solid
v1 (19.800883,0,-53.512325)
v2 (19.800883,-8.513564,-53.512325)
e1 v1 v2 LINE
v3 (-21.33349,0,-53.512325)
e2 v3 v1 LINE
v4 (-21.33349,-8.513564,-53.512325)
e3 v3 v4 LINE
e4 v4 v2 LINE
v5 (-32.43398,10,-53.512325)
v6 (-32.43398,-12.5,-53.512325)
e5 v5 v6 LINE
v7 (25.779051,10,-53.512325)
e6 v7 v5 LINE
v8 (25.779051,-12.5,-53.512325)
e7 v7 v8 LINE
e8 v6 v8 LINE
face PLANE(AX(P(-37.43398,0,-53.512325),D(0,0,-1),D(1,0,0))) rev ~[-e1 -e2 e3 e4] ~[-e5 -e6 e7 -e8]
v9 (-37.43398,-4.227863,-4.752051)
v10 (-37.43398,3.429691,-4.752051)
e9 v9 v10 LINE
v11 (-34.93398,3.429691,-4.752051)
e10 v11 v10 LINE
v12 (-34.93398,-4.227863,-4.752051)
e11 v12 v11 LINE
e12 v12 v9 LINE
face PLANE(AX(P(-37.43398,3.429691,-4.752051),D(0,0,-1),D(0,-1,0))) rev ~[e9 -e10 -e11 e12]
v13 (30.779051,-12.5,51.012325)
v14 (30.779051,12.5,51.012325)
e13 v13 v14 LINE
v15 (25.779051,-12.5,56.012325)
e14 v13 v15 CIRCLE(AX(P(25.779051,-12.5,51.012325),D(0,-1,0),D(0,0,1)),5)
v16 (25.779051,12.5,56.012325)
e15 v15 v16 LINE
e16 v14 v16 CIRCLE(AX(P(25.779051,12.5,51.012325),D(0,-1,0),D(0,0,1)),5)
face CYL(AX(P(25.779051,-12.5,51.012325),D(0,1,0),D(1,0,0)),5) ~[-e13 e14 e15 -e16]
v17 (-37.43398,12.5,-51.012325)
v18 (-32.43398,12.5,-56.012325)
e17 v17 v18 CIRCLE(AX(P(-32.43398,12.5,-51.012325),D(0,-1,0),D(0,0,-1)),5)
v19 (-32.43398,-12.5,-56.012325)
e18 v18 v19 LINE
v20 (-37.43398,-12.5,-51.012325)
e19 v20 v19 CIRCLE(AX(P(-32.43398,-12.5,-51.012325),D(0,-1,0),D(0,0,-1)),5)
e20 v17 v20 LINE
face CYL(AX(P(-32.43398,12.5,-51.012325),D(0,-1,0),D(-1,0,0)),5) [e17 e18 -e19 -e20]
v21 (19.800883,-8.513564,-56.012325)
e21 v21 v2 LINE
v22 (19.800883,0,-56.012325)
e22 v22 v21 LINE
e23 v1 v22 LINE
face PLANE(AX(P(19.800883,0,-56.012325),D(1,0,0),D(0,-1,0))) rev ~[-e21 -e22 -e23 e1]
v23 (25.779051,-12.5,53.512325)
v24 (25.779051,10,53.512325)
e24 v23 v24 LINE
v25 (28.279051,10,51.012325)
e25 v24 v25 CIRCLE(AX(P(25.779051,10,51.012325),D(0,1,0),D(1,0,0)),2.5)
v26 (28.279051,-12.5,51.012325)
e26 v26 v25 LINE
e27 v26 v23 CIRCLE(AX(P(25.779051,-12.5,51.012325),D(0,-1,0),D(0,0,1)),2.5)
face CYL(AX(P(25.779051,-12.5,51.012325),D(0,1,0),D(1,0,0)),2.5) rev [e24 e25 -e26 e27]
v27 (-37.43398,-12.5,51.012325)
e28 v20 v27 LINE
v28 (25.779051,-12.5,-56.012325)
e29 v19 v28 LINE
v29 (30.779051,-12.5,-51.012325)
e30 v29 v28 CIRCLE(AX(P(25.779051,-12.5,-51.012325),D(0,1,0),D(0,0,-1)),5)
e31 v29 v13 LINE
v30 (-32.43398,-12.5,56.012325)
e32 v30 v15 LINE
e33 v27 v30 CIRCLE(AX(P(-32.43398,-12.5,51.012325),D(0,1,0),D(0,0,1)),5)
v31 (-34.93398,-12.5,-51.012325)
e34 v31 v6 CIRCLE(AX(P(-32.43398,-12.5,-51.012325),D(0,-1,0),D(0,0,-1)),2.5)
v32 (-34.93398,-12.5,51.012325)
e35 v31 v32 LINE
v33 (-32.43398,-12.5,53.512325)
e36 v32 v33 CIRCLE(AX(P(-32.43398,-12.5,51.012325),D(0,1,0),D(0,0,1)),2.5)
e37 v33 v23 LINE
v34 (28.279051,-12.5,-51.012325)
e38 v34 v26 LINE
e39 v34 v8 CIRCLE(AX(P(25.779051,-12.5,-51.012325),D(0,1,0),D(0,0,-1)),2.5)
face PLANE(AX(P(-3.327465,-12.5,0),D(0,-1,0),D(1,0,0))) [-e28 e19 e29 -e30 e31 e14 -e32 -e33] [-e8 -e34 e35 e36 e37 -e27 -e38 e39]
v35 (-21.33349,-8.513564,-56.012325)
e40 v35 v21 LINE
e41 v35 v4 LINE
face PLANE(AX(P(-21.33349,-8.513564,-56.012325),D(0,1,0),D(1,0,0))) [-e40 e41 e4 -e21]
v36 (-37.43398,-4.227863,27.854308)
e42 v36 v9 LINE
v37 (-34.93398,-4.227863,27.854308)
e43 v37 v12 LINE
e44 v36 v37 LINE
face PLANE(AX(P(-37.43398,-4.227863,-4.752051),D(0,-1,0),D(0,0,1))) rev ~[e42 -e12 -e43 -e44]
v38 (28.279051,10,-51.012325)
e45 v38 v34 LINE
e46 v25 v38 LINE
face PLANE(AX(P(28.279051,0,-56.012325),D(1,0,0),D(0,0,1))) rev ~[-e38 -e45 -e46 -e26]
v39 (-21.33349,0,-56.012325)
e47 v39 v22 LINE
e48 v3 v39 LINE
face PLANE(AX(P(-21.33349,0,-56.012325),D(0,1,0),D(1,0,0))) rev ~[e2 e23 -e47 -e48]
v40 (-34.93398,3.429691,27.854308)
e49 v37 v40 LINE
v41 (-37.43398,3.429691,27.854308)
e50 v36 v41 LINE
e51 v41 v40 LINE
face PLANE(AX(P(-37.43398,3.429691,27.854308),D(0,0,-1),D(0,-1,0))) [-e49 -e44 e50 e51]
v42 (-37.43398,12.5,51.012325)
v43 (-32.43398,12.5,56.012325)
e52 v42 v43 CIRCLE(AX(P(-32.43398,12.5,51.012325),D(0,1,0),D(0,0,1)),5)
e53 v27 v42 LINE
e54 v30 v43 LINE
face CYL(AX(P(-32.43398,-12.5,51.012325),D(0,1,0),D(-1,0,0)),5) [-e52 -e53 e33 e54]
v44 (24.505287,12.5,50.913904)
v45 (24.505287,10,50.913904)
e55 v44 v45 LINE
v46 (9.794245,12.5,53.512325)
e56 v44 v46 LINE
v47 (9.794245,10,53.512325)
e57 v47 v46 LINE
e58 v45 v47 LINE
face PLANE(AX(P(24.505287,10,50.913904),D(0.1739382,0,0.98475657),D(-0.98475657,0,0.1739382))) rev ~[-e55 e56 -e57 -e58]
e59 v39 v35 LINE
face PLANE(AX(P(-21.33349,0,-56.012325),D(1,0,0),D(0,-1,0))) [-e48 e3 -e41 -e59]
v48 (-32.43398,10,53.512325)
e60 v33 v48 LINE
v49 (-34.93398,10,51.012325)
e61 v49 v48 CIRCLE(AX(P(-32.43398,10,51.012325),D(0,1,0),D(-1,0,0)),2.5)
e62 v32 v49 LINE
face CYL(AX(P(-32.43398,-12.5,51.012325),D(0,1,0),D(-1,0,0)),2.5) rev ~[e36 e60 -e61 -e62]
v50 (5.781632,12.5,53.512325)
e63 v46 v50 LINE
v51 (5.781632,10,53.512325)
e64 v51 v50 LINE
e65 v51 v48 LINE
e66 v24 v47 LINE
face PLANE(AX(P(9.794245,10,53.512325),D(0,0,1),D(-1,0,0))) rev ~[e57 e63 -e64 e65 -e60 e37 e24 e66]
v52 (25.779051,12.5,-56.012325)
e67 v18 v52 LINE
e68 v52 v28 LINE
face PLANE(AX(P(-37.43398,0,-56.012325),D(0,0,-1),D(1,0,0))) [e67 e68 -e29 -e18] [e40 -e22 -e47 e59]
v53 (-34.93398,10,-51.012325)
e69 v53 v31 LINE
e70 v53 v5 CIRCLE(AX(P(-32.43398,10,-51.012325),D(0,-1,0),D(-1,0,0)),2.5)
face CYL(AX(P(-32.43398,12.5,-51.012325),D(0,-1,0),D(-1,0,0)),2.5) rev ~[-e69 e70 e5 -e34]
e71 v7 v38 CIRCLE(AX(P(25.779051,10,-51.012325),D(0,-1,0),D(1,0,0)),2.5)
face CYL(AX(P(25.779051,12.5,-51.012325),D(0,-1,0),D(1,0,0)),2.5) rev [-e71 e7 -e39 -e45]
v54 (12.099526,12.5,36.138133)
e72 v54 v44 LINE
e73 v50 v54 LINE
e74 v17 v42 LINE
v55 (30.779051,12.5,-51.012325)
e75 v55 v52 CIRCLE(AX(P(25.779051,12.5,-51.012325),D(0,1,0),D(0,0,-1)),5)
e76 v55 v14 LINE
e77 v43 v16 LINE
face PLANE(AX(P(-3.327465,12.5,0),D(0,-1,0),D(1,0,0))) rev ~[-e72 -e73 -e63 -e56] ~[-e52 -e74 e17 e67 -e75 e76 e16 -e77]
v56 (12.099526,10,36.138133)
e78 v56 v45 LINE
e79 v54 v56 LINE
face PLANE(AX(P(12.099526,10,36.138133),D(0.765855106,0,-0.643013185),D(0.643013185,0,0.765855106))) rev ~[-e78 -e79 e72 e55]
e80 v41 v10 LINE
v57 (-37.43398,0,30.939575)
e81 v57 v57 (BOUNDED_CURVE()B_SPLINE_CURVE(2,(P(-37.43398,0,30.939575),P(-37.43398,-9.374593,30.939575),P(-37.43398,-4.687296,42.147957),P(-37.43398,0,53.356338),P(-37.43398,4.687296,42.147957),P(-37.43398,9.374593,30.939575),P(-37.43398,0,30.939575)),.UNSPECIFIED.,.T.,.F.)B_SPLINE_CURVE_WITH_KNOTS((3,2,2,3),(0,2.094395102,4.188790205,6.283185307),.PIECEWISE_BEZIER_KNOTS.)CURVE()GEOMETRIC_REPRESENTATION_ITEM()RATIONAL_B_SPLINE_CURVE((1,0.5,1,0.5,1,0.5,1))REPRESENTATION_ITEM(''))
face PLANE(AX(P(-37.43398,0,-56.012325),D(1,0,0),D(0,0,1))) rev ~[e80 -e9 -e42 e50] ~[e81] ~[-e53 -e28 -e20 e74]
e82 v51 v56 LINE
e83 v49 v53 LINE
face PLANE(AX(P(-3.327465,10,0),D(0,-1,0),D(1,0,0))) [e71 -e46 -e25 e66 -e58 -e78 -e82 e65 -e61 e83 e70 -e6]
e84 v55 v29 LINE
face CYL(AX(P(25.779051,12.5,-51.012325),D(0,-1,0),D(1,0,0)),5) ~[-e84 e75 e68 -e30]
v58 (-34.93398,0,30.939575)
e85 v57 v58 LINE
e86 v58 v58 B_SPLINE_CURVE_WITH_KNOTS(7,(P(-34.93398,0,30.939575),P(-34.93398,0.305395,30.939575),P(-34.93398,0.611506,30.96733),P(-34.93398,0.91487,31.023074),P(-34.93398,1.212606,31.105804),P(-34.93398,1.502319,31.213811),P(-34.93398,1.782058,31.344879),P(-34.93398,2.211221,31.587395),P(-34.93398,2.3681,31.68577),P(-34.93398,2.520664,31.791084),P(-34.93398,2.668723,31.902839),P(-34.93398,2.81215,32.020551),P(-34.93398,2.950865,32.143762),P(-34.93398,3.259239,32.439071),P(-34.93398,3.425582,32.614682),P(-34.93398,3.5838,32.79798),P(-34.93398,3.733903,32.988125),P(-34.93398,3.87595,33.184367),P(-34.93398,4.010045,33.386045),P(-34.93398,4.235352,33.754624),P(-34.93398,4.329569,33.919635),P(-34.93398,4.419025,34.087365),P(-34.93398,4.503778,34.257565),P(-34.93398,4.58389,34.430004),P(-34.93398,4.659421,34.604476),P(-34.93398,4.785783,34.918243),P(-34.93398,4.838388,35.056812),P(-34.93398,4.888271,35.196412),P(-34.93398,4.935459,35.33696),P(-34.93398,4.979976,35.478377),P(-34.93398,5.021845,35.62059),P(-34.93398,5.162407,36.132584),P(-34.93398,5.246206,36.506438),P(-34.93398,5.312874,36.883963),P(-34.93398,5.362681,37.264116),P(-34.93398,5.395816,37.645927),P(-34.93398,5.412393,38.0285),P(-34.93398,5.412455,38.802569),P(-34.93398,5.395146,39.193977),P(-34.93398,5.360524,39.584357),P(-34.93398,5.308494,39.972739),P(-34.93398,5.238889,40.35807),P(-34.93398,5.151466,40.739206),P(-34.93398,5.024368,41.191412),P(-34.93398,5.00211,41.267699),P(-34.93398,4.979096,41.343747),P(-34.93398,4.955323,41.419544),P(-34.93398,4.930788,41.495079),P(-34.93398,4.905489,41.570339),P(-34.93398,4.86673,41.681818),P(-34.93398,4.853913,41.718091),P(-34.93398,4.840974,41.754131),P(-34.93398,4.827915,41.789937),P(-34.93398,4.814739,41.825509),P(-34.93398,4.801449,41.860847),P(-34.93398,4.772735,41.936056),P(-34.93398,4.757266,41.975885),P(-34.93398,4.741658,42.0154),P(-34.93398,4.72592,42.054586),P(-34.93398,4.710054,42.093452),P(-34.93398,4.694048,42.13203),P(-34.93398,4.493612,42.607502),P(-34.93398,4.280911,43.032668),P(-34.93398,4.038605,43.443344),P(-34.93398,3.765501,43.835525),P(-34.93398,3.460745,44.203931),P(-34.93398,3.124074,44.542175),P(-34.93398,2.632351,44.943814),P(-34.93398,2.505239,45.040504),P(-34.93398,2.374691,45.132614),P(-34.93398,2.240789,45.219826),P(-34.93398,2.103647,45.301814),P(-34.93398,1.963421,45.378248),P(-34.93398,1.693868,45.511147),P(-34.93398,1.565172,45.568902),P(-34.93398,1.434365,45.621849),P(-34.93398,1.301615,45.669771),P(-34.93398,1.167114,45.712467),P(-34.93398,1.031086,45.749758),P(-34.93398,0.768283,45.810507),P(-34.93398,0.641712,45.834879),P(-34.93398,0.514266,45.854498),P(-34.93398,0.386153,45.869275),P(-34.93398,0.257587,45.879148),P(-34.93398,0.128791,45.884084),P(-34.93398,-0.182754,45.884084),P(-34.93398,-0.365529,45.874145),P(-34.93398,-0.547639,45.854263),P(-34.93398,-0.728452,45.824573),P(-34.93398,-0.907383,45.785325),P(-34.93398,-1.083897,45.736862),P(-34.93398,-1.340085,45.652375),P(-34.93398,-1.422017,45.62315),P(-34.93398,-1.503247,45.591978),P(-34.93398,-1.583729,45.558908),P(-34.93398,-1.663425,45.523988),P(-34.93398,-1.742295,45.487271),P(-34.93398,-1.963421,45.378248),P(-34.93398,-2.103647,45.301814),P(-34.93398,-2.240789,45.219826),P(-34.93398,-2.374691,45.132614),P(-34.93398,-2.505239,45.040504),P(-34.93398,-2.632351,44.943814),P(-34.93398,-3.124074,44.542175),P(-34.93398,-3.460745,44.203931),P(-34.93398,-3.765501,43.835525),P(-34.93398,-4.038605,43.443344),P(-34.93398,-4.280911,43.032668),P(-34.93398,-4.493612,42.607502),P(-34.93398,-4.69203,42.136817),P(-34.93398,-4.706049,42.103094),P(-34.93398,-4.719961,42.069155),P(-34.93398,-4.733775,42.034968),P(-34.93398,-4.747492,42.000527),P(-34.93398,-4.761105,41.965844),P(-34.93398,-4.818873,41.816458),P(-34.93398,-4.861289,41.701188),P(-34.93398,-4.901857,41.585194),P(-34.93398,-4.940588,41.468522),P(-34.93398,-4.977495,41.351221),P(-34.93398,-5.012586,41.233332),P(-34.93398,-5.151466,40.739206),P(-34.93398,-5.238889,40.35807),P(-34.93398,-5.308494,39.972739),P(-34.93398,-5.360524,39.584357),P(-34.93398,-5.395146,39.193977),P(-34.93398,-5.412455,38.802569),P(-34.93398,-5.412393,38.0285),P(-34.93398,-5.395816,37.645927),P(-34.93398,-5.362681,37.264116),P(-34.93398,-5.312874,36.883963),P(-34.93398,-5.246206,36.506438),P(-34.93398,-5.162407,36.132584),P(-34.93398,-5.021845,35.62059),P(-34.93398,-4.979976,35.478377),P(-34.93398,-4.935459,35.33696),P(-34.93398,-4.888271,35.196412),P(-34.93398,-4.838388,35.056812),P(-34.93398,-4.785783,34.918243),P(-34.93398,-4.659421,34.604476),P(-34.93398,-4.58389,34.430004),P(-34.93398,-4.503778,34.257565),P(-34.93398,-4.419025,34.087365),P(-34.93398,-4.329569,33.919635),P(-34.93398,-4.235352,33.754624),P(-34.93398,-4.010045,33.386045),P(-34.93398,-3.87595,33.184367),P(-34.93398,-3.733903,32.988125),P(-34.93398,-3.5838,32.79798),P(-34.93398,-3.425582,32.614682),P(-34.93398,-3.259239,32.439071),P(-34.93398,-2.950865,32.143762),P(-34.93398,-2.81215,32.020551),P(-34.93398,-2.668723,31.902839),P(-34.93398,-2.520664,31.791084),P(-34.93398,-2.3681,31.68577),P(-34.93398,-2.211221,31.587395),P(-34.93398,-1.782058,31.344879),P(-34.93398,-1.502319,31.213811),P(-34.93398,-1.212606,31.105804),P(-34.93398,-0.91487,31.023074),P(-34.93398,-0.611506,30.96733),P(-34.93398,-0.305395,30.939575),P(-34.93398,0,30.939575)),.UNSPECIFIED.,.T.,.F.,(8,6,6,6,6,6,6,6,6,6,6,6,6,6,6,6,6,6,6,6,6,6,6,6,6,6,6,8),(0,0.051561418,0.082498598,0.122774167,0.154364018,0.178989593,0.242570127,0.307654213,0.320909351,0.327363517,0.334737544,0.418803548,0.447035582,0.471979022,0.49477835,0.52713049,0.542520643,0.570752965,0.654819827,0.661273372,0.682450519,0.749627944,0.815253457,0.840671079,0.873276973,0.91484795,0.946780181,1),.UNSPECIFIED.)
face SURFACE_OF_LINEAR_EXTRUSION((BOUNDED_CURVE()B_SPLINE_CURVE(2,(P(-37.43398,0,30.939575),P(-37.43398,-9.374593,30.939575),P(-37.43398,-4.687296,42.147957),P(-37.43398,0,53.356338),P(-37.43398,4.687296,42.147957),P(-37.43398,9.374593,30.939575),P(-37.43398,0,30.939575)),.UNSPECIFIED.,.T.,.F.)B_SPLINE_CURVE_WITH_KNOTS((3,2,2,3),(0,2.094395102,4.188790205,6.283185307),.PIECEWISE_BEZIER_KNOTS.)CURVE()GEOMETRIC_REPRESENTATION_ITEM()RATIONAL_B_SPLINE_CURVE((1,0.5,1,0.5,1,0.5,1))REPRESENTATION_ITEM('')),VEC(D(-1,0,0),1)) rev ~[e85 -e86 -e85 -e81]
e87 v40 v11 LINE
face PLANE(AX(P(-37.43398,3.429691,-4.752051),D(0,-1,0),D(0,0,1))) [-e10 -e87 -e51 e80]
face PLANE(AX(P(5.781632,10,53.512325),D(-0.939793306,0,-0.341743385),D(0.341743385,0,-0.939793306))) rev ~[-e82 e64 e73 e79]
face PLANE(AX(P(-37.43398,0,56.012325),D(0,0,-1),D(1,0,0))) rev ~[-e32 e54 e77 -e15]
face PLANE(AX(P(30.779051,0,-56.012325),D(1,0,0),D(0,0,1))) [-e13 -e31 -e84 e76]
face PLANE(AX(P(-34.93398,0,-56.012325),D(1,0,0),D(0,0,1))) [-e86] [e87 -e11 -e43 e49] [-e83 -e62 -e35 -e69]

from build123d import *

# Parameters (mm, degrees)
F0_W      = 68.2130311616
F0_H      = 112.0246499777
F1_DEPTH  = 12.5
F2_R      = 5
F3_T      = -2.5
F5_DEPTH  = 12.5
F7_DEPTH  = 12.5
F8_W      = 41.1343723536
F8_H      = 8.5135642439
F9_DEPTH  = 12.5
F10_W     = 7.6575540006
F10_H     = 32.6063591056
F11_DEPTH = 12.5


with BuildPart() as f1:
    # F0 (on Front) → F1 (new body, symmetric)
    with BuildSketch(Plane.XZ):
        with Locations((-3.3274649177, 0)):
            Rectangle(F0_W, F0_H)
    extrude(amount=F1_DEPTH, both=True)

    # F2
    f2_edges = [f1.edges().sort_by_distance(p)[0] for p in [
        (-37.43398, 0, 56.012325),
        (30.779051, 0, 56.012325),
        (30.779051, 0, -56.012325),
        (-37.43398, 0, -56.012325),
    ]]
    fillet(f2_edges, radius=F2_R)

    # F3
    f3_openings = [f1.faces().sort_by_distance(p)[0] for p in [
        (-3.327465, -12.5, 0),
    ]]
    offset(amount=F3_T, openings=f3_openings)

    # F4 (on face) → F5 (cut, symmetric)
    with BuildSketch(Plane.XZ.offset(-10)):
        Polygon((5.7816317596, 53.5123249888), (12.0995264448, 36.138133153), (24.5052874088, 50.9139038622), (9.7942447614, 53.5123249888), align=None)
    extrude(amount=F5_DEPTH, both=True, mode=Mode.SUBTRACT)

    # F6 (on face) → F7 (cut, symmetric)
    with BuildSketch(Plane(origin=(-37.4339804985, 0, 0), x_dir=(0, -1, 0), z_dir=(-1, 0, 0))):
        with BuildLine():
            add(Edge.make_bspline(
                [(0, 30.9395752847), (9.3745925943, 30.9395752847), (4.6872962971, 42.1479567885), (0, 53.3563382924), (-4.6872962971, 42.1479567885), (-9.3745925943, 30.9395752847), (0, 30.9395752847)],
                knots=[0, 0, 0, 2.0943951024, 2.0943951024, 4.1887902048, 4.1887902048, 6.2831853072, 6.2831853072, 6.2831853072], degree=2, weights=[1, 0.5, 1, 0.5, 1, 0.5, 1]))
        make_face()
    extrude(amount=F7_DEPTH, both=True, mode=Mode.SUBTRACT)

    # F8 (on face) → F9 (cut, symmetric)
    with BuildSketch(Plane(origin=(0, 0, -56.0123249888), x_dir=(1, 0, 0), z_dir=(0, 0, -1))):
        with Locations((-0.7663033903, 4.256782122)):
            Rectangle(F8_W, F8_H)
    extrude(amount=F9_DEPTH, both=True, mode=Mode.SUBTRACT)

    # F10 (on face) → F11 (cut, symmetric)
    with BuildSketch(Plane(origin=(-37.4339804985, 0, 0), x_dir=(0, -1, 0), z_dir=(-1, 0, 0))):
        with Locations((0.3990856931, 11.5511289332)):
            Rectangle(F10_W, F10_H)
    extrude(amount=F11_DEPTH, both=True, mode=Mode.SUBTRACT)


solid = f1.part
